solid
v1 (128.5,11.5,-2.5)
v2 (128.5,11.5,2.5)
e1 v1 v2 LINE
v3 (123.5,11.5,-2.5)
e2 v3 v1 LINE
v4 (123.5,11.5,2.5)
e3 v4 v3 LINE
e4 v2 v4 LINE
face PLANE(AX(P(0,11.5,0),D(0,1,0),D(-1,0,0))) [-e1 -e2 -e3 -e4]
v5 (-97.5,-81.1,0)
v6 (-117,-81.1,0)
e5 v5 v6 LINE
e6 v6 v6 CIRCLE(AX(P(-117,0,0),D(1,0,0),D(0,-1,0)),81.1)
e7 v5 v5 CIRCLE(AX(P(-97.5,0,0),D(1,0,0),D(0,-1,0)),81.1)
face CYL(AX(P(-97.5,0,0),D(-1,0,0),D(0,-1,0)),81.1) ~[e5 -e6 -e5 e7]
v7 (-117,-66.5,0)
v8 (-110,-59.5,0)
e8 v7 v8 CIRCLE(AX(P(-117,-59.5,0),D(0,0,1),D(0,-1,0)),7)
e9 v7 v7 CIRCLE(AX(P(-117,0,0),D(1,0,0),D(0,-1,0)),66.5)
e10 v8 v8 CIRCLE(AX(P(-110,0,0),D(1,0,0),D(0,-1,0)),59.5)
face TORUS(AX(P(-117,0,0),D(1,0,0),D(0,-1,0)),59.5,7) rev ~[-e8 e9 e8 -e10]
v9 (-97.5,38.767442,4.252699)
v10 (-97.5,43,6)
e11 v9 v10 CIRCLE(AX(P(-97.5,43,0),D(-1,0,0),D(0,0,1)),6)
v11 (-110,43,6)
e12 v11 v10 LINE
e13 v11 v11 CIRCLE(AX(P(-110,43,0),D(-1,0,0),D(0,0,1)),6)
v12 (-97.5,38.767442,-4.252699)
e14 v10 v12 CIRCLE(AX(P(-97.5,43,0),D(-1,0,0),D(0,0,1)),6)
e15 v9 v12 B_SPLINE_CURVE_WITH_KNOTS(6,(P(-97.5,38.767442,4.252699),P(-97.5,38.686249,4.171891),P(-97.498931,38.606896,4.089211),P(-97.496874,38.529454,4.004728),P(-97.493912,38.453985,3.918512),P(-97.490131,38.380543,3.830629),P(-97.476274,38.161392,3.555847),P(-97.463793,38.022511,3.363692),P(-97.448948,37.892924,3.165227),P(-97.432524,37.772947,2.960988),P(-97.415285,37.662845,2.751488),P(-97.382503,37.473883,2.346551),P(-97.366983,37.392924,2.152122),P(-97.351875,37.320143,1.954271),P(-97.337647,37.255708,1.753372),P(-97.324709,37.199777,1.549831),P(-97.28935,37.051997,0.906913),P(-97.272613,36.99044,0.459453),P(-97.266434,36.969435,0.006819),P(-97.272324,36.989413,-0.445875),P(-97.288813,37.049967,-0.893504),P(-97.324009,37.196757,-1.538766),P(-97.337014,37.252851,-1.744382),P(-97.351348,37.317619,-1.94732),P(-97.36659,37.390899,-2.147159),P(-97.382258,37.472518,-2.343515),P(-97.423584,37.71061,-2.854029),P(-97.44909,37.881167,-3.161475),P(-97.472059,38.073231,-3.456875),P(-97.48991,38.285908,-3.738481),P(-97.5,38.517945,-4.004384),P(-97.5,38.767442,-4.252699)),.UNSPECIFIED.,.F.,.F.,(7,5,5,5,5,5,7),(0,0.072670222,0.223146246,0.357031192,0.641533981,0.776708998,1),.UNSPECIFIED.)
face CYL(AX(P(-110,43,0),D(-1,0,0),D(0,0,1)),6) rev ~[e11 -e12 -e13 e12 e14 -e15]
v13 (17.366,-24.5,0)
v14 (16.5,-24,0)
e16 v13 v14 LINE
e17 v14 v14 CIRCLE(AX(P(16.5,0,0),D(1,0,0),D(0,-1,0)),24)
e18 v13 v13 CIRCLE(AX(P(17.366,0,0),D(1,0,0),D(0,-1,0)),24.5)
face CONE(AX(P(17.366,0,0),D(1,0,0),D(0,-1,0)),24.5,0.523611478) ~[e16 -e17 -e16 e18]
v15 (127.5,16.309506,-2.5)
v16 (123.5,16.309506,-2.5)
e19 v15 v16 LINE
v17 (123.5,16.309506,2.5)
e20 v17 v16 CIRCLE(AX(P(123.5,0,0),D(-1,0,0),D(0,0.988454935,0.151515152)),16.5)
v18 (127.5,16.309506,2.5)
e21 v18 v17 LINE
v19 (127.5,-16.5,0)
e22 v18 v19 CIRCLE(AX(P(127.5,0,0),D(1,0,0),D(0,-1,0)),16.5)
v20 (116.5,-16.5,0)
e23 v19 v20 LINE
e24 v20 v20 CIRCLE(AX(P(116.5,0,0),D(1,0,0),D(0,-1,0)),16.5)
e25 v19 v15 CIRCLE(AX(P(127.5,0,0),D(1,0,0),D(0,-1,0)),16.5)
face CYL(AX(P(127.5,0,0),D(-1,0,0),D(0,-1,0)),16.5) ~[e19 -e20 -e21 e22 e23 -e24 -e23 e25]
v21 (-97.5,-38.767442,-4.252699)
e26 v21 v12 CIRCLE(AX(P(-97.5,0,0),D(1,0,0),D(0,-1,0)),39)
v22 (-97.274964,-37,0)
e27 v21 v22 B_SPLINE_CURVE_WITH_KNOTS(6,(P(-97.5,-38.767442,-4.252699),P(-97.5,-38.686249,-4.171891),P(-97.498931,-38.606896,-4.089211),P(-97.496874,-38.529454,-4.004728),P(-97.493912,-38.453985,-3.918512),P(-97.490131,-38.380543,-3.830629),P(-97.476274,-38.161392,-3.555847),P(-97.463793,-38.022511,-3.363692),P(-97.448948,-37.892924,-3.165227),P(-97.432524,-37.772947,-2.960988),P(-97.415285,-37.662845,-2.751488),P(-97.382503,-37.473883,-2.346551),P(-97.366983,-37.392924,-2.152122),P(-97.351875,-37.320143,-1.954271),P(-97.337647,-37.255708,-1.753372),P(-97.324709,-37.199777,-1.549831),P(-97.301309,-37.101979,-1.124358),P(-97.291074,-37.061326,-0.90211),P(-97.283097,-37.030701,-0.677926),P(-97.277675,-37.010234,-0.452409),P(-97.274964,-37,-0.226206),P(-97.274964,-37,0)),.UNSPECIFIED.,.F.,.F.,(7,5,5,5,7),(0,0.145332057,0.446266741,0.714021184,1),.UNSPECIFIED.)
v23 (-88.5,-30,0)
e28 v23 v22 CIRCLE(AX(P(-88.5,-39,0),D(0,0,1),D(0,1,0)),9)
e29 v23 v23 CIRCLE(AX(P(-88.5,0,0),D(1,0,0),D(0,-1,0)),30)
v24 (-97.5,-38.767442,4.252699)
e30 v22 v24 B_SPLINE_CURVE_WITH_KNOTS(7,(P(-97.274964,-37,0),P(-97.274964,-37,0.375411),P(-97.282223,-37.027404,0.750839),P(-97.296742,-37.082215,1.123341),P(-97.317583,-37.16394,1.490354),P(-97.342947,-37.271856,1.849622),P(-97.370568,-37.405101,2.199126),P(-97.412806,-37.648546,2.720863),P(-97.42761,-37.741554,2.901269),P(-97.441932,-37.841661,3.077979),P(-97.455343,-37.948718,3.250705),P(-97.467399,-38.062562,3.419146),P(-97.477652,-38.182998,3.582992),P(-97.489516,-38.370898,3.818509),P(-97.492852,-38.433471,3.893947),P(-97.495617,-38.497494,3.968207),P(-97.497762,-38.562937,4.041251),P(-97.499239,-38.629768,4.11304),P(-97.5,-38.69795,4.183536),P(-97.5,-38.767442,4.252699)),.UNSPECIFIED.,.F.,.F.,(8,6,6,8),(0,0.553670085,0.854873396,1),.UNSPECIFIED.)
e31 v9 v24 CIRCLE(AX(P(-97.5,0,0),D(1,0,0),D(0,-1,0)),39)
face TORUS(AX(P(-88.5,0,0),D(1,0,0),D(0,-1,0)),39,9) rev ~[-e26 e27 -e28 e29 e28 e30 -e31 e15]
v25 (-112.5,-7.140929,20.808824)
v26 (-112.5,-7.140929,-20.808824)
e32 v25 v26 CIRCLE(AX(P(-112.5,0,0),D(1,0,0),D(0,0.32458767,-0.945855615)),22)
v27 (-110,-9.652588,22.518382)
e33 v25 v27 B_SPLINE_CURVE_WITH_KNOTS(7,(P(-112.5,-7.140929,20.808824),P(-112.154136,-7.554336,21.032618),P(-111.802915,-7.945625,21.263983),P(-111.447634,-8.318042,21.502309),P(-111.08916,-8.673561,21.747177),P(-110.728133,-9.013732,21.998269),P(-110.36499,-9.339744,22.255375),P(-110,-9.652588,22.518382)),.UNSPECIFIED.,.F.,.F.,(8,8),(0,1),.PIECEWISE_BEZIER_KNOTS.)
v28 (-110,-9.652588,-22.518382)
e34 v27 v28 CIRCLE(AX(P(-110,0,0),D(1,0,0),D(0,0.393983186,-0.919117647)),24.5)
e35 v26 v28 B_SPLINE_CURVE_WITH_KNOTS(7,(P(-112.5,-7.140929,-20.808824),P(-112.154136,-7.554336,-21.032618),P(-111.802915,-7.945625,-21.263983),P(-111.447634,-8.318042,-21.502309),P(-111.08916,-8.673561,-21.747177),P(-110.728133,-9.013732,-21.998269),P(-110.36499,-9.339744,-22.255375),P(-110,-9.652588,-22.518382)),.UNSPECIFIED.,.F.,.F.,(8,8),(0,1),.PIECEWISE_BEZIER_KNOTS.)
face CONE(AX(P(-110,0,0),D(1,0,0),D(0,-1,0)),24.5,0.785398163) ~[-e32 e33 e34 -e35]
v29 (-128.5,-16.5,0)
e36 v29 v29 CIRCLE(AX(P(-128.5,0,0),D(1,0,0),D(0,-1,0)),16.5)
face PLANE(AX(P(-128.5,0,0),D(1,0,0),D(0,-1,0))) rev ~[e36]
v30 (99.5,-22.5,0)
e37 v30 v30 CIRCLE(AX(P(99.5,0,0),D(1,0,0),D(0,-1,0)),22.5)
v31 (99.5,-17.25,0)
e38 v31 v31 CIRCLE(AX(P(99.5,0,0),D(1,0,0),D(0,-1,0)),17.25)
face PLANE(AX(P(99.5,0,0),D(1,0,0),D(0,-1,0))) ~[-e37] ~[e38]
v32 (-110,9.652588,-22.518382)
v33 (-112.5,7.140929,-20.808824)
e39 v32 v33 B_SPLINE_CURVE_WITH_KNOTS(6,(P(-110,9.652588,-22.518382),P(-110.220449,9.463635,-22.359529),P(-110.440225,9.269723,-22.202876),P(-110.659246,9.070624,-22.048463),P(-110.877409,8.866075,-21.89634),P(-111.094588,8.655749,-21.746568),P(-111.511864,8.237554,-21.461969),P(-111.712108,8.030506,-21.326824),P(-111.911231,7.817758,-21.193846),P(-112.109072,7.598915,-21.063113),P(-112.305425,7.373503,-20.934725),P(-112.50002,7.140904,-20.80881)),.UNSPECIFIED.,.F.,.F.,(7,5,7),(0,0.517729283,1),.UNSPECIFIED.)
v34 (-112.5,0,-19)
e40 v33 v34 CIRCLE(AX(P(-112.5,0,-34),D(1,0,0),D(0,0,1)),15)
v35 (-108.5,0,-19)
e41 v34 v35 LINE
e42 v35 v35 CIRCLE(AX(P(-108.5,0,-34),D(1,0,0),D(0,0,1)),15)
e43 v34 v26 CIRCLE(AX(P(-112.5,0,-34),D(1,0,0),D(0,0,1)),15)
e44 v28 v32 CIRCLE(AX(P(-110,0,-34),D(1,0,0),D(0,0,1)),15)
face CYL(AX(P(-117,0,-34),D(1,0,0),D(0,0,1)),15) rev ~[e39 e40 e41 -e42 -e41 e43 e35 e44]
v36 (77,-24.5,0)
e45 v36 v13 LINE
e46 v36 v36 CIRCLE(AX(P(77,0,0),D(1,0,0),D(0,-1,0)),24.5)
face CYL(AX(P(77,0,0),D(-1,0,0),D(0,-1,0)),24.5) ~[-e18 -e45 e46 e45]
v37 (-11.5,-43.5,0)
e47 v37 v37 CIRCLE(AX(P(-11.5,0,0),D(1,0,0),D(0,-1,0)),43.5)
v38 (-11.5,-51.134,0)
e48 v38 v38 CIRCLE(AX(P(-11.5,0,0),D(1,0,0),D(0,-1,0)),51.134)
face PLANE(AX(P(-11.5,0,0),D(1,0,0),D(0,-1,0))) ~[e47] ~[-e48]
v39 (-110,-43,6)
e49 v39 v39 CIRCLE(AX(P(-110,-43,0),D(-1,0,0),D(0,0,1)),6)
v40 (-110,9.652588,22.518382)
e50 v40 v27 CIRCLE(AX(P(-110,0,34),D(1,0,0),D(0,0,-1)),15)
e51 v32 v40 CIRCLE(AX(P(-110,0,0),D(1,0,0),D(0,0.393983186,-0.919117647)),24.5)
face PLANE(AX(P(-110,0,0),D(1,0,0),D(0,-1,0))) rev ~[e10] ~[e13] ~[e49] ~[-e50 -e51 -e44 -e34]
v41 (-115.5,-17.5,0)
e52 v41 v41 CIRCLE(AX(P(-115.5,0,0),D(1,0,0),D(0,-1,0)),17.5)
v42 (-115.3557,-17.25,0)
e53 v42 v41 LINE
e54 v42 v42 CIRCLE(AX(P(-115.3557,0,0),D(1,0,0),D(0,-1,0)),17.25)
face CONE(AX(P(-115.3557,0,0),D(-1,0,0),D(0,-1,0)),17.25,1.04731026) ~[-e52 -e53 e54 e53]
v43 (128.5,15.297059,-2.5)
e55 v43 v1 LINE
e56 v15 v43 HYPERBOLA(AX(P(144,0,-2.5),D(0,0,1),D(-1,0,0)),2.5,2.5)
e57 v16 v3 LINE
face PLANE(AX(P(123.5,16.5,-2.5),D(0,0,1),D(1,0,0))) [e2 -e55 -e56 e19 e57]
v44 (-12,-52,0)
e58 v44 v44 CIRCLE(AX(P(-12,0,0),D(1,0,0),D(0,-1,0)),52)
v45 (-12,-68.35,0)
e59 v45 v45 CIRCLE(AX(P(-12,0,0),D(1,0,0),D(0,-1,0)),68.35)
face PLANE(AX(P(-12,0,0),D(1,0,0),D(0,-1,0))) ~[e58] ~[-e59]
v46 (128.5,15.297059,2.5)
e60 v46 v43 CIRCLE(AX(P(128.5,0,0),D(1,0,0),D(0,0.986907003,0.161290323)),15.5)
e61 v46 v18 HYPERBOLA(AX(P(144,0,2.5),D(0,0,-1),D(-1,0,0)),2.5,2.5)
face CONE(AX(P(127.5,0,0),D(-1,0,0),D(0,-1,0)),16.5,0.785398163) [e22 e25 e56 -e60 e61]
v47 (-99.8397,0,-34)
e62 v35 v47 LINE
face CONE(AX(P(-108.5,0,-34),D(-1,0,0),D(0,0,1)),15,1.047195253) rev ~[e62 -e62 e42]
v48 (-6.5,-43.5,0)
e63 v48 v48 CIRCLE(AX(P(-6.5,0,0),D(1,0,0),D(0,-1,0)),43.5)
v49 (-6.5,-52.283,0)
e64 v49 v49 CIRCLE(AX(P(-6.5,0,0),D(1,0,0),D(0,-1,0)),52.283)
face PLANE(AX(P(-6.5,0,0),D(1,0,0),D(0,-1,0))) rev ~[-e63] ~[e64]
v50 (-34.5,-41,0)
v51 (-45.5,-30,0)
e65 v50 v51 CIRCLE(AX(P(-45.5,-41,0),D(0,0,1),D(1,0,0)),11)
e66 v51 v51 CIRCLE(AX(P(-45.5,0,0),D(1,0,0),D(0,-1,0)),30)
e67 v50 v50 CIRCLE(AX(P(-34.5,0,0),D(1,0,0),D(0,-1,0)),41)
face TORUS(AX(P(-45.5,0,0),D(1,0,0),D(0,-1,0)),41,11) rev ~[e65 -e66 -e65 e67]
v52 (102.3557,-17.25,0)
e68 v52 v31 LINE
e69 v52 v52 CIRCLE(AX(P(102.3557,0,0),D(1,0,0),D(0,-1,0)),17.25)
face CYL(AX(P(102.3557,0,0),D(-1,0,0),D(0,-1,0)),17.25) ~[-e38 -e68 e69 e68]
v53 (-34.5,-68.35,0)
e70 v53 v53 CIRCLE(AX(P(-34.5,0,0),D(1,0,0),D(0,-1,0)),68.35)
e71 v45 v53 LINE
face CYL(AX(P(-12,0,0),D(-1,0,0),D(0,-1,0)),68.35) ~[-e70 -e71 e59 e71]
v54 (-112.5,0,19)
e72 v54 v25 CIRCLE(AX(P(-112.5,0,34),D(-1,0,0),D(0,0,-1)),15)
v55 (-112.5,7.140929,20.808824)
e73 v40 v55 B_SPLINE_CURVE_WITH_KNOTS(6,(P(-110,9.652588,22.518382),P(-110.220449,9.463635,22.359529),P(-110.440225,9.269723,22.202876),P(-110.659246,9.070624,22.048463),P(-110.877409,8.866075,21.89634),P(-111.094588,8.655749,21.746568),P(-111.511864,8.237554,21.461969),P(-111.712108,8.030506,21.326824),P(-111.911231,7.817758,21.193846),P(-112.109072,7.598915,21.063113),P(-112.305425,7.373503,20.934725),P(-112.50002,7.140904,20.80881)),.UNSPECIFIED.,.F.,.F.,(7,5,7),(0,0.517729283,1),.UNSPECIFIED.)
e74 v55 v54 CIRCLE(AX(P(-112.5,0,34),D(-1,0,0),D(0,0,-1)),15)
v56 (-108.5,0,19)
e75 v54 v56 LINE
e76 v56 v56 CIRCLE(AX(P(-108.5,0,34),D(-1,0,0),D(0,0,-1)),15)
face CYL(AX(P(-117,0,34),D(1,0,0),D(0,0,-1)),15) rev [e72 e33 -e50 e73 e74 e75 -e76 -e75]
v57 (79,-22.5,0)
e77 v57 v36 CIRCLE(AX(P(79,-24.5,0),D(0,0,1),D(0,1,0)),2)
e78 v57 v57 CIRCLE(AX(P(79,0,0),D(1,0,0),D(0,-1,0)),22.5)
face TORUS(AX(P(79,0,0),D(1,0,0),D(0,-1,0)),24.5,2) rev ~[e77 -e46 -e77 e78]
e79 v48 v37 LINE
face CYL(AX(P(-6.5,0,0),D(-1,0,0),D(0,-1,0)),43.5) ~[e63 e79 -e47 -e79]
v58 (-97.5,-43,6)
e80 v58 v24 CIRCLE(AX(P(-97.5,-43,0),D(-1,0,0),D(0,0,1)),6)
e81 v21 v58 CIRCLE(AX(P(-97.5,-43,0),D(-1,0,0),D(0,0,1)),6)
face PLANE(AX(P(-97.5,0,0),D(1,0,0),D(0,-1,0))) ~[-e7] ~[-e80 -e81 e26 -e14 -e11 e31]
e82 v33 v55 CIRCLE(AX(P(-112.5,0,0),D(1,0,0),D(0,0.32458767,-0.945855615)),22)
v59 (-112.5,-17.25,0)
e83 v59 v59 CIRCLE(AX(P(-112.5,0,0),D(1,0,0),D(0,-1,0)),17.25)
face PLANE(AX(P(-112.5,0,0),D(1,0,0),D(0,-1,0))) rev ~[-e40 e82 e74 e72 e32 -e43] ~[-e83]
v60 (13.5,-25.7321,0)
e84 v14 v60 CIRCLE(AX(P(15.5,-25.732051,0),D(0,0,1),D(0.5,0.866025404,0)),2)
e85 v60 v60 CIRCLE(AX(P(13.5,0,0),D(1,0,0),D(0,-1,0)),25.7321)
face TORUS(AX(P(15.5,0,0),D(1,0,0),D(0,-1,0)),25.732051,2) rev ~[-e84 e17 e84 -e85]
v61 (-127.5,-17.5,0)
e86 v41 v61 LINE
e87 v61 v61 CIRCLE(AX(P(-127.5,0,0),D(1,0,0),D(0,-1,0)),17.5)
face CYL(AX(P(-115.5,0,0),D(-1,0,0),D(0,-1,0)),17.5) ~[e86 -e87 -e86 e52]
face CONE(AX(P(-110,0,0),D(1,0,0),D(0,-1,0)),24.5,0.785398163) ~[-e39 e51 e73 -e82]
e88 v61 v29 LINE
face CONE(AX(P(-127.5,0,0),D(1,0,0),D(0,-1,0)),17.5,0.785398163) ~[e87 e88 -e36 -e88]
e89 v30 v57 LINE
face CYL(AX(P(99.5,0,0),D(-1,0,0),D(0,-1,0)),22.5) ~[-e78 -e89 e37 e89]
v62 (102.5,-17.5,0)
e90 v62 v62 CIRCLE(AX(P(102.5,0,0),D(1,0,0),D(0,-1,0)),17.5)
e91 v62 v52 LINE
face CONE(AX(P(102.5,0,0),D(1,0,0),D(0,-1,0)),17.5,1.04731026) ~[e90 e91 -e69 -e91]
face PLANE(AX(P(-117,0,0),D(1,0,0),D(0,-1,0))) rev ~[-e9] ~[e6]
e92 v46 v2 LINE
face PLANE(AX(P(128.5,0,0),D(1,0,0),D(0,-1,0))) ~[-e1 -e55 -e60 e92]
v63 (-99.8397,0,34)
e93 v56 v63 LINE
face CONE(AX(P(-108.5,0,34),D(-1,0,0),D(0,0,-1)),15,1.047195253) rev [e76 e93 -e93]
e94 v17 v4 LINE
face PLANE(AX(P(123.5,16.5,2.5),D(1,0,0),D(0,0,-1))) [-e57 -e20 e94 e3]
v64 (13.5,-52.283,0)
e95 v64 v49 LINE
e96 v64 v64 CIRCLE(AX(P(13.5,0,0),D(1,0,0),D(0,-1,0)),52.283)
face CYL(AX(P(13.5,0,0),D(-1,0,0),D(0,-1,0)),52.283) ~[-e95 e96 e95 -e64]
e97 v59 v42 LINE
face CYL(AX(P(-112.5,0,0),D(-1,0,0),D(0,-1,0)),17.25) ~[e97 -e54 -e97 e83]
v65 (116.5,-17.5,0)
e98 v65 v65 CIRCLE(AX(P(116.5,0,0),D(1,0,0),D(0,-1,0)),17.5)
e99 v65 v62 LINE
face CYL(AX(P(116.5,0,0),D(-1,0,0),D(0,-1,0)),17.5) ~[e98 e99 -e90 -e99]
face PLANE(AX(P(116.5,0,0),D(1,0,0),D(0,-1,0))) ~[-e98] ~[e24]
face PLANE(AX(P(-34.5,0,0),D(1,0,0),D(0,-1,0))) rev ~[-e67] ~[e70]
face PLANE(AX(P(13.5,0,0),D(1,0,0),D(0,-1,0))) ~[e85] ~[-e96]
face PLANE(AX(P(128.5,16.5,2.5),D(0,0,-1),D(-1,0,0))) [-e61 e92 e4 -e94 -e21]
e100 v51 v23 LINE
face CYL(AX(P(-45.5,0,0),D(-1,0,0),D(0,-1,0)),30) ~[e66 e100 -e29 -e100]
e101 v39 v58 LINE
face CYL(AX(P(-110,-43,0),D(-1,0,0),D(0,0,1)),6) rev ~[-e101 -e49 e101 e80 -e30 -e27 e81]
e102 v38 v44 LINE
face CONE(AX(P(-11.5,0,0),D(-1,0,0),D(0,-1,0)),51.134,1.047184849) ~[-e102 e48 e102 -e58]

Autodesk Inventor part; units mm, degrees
ref_plane "YZ Plane" through (0, 0, 0) normal (1, 0, 0) x (0, 1, 0)
ref_plane "XY Plane" through (0, 0, 0) normal (0, 0, 1) x (1, 0, 0)
sketch "Эскиз1" plane through (0, 0, 0) normal (0, 0, 1) x (1, 0, 0)
  line L0 (-128.5, 0) -> (128.5, 0)
  line L1 (128.5, 0) -> (128.5, -15.5)
  line L2 (127.5, -16.5) -> (116.5, -16.5)
  line L3 (127.5, -16.5) -> (128.5, -15.5)
  line L4 (116.5, -16.5) -> (116.5, -17.5)
  line L5 (116.5, -17.5) -> (102.5, -17.5)
  line L6 (102.3557, -17.25) -> (99.5, -17.25)
  line L7 (102.5, -17.5) -> (102.3557, -17.25)
  line L8 (102.3557, -17.25) -> (102.3557, 0) construction
  line L9 (99.5, -17.25) -> (99.5, -22.5)
  line L10 (99.5, -22.5) -> (79, -22.5)
  line L11 (77, -24.5) -> (17.366, -24.5)
  arc A0 (79, -22.5) -> (77, -24.5) centre (79, -24.5) ccw
  line L12 (17.366, -24.5) -> (16.5, -24)
  arc A1 (16.5, -24) -> (13.5, -25.7321) centre (15.5, -25.7321) ccw
  line L13 (13.5, -25.7321) -> (13.5, -52.283)
  line L14 (13.5, -52.283) -> (-6.5, -52.283)
  line L15 (-6.5, -52.283) -> (-6.5, -43.5)
  line L16 (-6.5, -43.5) -> (-11.5, -43.5)
  line L17 (-11.5, -43.5) -> (-11.5, -51.134)
  line L18 (-11.5, -51.134) -> (-12, -52)
  line L19 (-12, -52) -> (-12, -68.35)
  line L20 (-12, -68.35) -> (-34.5, -68.35)
  line L21 (-34.5, -68.35) -> (-34.5, -41)
  line L22 (-45.5, -30) -> (-88.5, -30)
  arc A2 (-34.5, -41) -> (-45.5, -30) centre (-45.5, -41) ccw
  line L23 (-97.5, -39) -> (-97.5, -81.1)
  arc A3 (-88.5, -30) -> (-97.5, -39) centre (-88.5, -39) ccw
  line L24 (-97.5, -81.1) -> (-117, -81.1)
  line L25 (-117, -81.1) -> (-117, -66.5)
  line L26 (-117, -66.5) -> (-117, -66.5)
  line L27 (-110, -59.5) -> (-110, -24.5)
  arc A4 (-117, -66.5) -> (-110, -59.5) centre (-117, -59.5) ccw
  line L28 (-110, -24.5) -> (-112.5, -22)
  line L29 (-112.5, -22) -> (-112.5, -17.25)
  line L30 (-112.5, -17.25) -> (-115.3557, -17.25)
  line L31 (-115.3557, -17.25) -> (-115.5, -17.5)
  line L32 (-115.5, -17.5) -> (-127.5, -17.5)
  line L33 (-128.5, -16.5) -> (-128.5, 0)
  line L34 (-127.5, -17.5) -> (-128.5, -16.5)
  point P0 (0, 0)
  point P1 (0, 0)
  point P2 (128.5, -16.5)
  point P3 (-128.5, -17.5)
  dimension "d0" = 257
  dimension "d1" = 33
  dimension "d2" = 1
  dimension "d3" = 45
  dimension "d4" = 35
  dimension "d5" = 34.5
  dimension "d6" = 30
  dimension "d7" = 3
  dimension "d8" = 17
  dimension "d9" = 29
  dimension "d10" = 45
  dimension "d11" = 2
  dimension "d12" = 49
  dimension "d14" = 22.5
  dimension "d15" = 2
  dimension "d16" = 0.5
  dimension "d17" = 30
  dimension "d18" = 86
  dimension "d19" = 104.566
  dimension "d20" = 20
  dimension "d21" = 87
  dimension "d22" = 5
  dimension "d23" = 11
  dimension "d24" = 136.7
  dimension "d25" = 0.5
  dimension "d26" = 30
  dimension "d27" = 104
  dimension "d28" = 22.5
  dimension "d29" = 60
  dimension "d30" = 9
  dimension "d31" = 162.2
  dimension "d32" = 19.5
  dimension "d33" = 7
  dimension "d36" = 7
  dimension "d37" = 133
  dimension "d38" = 44
  dimension "d39" = 35
  dimension "d40" = 212
  dimension "d41" = 216.5
  dimension "d42" = 30
  dimension "d43" = 34.5
  dimension "d44" = 3
  dimension "d45" = 45
  dimension "d46" = 1
  dimension "d47" = 45
revolve "Вращение1" add sketch "Эскиз1" angle 360 about axis through (-128.5, 0, 0) along (1, 0, 0)
ref_plane "РабПлоскость1" through (0, 16.5, 0) normal (0, 1, 0) x (-1, 0, 0)
sketch "Эскиз2" plane through (0, 16.5, 0) normal (0, 1, 0) x (-1, 0, 0)
  line L0 (-128.5, -15.5) -> (-128.5, 15.5) projected
  line L1 (-123.5, -2.5) -> (-128.5, -2.5)
  line L2 (-128.5, -2.5) -> (-128.5, 2.5)
  line L3 (-128.5, 2.5) -> (-123.5, 2.5)
  line L4 (-123.5, 2.5) -> (-123.5, -2.5)
  point P0 (0, 0)
  point P1 (-123.5, 0)
  point P2 (-128.5, 0)
  point P3 (-128.5, 2.5)
  dimension "d50" = 5
thread "Резьба1" size "M33x1" class "6g" standard "ISO Metric profile" length 9
extrude "Выдавливание1" cut sketch "Эскиз2" against normal blind 5
sketch "Эскиз3" plane through (-110, 0, 0) normal (-1, 0, 0) x (0, 0, 1)
  circle A0 centre (0, 0) radius 43 construction
  circle A1 centre (0, 43) radius 6
  circle A2 centre (0, -43) radius 6
  dimension "d55" = 86
  dimension "d56" = 12
extrude "Выдавливание2" cut sketch "Эскиз3" against normal blind 34
sketch "Эскиз4" plane through (0, 0, 0) normal (0, 1, 0) x (-1, 0, 0)
  line L0 (117, -34) -> (117, 34) construction
  line L1 (112.5, -22) -> (112.5, 22) projected
  line L2 (117, -34) -> (117, -19)
  line L3 (117, -19) -> (108.5, -19)
  line L4 (108.5, -19) -> (99.8397, -34)
  line L5 (117, -66.5) -> (117, 66.5) projected
  line L6 (117, -34) -> (99.8397, -34)
  line L7 (97.5, -81.1) -> (97.5, 81.1) projected
  point P0 (0, 0)
  point P1 (117, 0)
  dimension "d59" = 68
  dimension "d64" = 4
  dimension "d65" = 30
  dimension "d66" = 60
revolve "Вращение2" cut sketch "Эскиз4" angle 360 about axis through (-117, 0, -34) along (1, 0, 0)
mirror "Зеркальное отражение1" about plane through (0, 0, 0) normal (0, 0, 1) of "Вращение2"
properties part number "69. Блок шестерен промежуточного вала"
